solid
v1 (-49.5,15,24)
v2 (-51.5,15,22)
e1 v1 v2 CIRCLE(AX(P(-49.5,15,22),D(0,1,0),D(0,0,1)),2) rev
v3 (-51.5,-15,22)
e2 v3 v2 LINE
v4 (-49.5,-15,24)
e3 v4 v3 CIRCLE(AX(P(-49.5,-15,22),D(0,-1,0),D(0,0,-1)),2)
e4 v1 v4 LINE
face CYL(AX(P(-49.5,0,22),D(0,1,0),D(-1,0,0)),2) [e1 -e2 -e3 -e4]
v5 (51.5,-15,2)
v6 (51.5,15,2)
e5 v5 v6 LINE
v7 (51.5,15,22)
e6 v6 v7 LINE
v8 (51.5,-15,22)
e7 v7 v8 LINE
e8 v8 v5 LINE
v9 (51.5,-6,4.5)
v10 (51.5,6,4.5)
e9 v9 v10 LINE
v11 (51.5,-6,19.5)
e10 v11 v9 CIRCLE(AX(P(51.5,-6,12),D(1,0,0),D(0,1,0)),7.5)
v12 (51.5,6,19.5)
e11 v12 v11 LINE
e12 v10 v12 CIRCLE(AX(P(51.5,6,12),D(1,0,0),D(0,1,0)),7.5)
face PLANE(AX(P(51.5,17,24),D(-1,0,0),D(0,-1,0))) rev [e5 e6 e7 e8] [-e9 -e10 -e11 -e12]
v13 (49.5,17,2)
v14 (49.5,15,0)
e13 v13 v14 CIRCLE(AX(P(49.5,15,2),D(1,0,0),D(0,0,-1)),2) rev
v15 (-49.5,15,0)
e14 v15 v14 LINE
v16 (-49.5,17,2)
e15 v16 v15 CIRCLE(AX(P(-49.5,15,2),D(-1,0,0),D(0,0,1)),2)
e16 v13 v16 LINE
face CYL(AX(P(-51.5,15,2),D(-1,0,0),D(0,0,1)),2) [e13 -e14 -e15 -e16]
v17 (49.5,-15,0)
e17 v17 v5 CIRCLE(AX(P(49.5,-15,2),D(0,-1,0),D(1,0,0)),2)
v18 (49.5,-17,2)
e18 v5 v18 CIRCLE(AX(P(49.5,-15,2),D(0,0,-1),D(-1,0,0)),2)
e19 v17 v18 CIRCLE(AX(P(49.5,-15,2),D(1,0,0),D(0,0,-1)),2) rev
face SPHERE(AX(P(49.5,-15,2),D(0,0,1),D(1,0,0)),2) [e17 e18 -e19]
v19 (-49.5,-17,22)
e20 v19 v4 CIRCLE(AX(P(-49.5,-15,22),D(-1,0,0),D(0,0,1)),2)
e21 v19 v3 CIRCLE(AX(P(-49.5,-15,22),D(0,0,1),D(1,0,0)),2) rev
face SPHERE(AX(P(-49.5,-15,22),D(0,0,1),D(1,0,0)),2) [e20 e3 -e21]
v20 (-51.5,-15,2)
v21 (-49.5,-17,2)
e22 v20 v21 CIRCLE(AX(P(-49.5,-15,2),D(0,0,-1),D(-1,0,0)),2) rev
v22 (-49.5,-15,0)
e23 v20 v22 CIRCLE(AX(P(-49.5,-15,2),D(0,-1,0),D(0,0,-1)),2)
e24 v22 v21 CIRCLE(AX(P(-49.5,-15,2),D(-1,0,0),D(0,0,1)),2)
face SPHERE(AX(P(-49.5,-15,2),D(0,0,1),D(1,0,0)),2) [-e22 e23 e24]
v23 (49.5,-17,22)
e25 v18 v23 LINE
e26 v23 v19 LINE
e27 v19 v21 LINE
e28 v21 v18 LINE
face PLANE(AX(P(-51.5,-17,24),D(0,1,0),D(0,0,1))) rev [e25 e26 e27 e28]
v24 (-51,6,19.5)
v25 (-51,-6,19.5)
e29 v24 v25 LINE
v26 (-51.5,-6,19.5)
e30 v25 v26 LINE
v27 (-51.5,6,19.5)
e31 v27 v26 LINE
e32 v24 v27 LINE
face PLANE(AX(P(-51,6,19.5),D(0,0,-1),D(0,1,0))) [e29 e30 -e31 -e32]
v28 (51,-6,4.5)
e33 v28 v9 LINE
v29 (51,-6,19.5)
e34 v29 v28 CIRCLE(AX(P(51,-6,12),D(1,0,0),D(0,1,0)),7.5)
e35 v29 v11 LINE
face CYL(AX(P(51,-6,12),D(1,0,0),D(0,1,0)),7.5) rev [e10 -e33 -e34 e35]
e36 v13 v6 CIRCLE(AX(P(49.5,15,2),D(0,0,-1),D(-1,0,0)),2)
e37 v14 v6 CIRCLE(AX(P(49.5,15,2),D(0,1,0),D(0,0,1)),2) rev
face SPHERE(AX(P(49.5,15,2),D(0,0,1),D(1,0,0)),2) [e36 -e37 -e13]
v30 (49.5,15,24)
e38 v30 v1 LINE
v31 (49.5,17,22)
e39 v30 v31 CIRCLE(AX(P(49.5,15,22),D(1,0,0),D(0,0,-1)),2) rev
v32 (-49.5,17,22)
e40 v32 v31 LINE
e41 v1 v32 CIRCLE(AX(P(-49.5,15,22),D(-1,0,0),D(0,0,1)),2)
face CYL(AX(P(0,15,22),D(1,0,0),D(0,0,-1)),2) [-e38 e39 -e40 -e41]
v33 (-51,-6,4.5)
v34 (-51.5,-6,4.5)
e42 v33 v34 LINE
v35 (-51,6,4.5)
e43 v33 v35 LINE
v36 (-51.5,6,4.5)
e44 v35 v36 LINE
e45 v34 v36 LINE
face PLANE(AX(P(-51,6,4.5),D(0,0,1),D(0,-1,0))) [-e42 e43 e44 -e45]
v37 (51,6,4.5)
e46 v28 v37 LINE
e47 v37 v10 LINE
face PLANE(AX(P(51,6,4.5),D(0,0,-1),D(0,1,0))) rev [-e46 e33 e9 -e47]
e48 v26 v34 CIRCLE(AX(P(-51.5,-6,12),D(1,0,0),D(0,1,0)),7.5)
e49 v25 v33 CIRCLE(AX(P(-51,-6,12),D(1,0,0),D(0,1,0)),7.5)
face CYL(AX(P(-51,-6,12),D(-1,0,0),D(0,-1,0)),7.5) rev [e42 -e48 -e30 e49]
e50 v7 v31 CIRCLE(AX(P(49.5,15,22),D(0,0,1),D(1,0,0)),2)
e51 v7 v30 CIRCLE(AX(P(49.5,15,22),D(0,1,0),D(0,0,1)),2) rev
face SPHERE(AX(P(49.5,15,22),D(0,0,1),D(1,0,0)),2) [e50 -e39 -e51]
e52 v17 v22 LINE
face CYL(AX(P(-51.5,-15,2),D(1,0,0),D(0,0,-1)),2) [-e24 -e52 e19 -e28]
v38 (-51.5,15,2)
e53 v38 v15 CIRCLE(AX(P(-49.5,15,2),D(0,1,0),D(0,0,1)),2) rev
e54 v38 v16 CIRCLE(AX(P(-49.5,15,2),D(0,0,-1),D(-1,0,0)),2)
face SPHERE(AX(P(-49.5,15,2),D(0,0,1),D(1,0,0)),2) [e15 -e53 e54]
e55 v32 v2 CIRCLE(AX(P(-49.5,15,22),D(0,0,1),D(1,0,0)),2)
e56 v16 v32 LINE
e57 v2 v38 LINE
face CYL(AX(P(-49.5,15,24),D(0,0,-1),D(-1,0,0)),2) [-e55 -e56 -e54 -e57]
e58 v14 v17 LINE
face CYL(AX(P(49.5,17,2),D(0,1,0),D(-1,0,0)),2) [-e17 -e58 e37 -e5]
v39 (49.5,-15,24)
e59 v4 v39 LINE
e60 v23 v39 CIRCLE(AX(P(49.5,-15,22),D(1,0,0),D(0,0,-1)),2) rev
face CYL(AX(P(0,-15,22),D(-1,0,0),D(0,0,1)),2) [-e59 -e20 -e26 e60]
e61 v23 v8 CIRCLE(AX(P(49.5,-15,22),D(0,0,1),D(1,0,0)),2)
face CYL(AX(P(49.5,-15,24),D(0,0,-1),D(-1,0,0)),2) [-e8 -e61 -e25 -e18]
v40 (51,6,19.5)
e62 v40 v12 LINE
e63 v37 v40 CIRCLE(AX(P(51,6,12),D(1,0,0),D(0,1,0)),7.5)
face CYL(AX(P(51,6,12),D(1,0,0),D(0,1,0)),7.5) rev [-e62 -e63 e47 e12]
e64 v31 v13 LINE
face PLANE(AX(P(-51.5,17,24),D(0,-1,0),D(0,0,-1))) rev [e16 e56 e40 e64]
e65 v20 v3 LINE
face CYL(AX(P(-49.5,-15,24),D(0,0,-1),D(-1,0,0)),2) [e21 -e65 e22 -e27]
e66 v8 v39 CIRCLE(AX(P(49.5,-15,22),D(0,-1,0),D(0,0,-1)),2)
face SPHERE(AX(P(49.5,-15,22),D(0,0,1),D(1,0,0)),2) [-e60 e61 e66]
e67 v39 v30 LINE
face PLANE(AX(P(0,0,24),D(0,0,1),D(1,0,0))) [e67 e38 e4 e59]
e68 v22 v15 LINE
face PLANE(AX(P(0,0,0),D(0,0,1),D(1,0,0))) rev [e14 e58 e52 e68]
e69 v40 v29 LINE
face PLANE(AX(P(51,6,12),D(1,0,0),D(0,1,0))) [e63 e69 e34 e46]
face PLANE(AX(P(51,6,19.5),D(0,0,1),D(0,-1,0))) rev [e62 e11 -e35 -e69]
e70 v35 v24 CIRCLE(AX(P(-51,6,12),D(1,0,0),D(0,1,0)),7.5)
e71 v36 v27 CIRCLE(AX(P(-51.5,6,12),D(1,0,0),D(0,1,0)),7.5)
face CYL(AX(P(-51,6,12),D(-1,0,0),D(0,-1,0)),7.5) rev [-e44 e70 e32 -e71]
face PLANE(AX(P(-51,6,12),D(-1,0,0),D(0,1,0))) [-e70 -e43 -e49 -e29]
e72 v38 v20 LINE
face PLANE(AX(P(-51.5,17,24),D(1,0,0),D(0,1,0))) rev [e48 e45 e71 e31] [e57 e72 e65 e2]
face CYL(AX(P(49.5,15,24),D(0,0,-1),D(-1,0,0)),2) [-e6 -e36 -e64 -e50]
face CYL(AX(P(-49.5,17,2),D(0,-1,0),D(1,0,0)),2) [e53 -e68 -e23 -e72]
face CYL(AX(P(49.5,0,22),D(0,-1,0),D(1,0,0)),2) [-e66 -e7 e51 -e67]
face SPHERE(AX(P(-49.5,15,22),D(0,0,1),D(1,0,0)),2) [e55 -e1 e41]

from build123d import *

# Parameters (mm, degrees)
ESBO_O1_W                = 103
ESBO_O1_H                = 34
RESSALTO_EXTRUS_O1_DEPTH = 24
CORTE_EXTRUS_O1_DEPTH    = 0.5
FILETE1_R                = 2


with BuildPart() as part:
    # Esboço1 → Ressalto-extrusão1 (new body)
    with BuildSketch(Plane.XY):
        Rectangle(ESBO_O1_W, ESBO_O1_H)
    extrude(amount=RESSALTO_EXTRUS_O1_DEPTH)

    # Esboço2 → Corte-extrusão1 (cut)
    with BuildSketch(Plane(origin=(51.5, 0, 0), x_dir=(0, 0, -1), z_dir=(1, 0, 0))):
        with BuildLine():
            Line((-4.5, 6), (-4.5, -6))
            ThreePointArc((-4.5, -6), (-12, -13.5), (-19.5, -6))
            Line((-19.5, -6), (-19.5, 6))
            ThreePointArc((-19.5, 6), (-12, 13.5), (-4.5, 6))
        make_face()
    corte_extrus_o1 = extrude(amount=-CORTE_EXTRUS_O1_DEPTH, mode=Mode.SUBTRACT)

    # Espelhar1: Corte-extrusão1 across plane
    add(corte_extrus_o1.mirror(Plane(origin=(0, 0, 0), x_dir=(0, 0, 1), z_dir=(1, 0, 0))), mode=Mode.SUBTRACT)

    # Filete1
    filete1_edges = [part.edges().sort_by_distance(p)[0] for p in [
        (-51.5, 0, 24),
        (0, -17, 24),
        (51.5, 0, 24),
        (0, -17, 0),
        (-51.5, 0, 0),
        (0, 17, 0),
        (51.5, 0, 0),
        (0, 17, 24),
        (51.5, -17, 12),
        (-51.5, -17, 12),
        (-51.5, 17, 12),
        (51.5, 17, 12),
    ]]
    fillet(filete1_edges, radius=FILETE1_R)


solid = part.part
